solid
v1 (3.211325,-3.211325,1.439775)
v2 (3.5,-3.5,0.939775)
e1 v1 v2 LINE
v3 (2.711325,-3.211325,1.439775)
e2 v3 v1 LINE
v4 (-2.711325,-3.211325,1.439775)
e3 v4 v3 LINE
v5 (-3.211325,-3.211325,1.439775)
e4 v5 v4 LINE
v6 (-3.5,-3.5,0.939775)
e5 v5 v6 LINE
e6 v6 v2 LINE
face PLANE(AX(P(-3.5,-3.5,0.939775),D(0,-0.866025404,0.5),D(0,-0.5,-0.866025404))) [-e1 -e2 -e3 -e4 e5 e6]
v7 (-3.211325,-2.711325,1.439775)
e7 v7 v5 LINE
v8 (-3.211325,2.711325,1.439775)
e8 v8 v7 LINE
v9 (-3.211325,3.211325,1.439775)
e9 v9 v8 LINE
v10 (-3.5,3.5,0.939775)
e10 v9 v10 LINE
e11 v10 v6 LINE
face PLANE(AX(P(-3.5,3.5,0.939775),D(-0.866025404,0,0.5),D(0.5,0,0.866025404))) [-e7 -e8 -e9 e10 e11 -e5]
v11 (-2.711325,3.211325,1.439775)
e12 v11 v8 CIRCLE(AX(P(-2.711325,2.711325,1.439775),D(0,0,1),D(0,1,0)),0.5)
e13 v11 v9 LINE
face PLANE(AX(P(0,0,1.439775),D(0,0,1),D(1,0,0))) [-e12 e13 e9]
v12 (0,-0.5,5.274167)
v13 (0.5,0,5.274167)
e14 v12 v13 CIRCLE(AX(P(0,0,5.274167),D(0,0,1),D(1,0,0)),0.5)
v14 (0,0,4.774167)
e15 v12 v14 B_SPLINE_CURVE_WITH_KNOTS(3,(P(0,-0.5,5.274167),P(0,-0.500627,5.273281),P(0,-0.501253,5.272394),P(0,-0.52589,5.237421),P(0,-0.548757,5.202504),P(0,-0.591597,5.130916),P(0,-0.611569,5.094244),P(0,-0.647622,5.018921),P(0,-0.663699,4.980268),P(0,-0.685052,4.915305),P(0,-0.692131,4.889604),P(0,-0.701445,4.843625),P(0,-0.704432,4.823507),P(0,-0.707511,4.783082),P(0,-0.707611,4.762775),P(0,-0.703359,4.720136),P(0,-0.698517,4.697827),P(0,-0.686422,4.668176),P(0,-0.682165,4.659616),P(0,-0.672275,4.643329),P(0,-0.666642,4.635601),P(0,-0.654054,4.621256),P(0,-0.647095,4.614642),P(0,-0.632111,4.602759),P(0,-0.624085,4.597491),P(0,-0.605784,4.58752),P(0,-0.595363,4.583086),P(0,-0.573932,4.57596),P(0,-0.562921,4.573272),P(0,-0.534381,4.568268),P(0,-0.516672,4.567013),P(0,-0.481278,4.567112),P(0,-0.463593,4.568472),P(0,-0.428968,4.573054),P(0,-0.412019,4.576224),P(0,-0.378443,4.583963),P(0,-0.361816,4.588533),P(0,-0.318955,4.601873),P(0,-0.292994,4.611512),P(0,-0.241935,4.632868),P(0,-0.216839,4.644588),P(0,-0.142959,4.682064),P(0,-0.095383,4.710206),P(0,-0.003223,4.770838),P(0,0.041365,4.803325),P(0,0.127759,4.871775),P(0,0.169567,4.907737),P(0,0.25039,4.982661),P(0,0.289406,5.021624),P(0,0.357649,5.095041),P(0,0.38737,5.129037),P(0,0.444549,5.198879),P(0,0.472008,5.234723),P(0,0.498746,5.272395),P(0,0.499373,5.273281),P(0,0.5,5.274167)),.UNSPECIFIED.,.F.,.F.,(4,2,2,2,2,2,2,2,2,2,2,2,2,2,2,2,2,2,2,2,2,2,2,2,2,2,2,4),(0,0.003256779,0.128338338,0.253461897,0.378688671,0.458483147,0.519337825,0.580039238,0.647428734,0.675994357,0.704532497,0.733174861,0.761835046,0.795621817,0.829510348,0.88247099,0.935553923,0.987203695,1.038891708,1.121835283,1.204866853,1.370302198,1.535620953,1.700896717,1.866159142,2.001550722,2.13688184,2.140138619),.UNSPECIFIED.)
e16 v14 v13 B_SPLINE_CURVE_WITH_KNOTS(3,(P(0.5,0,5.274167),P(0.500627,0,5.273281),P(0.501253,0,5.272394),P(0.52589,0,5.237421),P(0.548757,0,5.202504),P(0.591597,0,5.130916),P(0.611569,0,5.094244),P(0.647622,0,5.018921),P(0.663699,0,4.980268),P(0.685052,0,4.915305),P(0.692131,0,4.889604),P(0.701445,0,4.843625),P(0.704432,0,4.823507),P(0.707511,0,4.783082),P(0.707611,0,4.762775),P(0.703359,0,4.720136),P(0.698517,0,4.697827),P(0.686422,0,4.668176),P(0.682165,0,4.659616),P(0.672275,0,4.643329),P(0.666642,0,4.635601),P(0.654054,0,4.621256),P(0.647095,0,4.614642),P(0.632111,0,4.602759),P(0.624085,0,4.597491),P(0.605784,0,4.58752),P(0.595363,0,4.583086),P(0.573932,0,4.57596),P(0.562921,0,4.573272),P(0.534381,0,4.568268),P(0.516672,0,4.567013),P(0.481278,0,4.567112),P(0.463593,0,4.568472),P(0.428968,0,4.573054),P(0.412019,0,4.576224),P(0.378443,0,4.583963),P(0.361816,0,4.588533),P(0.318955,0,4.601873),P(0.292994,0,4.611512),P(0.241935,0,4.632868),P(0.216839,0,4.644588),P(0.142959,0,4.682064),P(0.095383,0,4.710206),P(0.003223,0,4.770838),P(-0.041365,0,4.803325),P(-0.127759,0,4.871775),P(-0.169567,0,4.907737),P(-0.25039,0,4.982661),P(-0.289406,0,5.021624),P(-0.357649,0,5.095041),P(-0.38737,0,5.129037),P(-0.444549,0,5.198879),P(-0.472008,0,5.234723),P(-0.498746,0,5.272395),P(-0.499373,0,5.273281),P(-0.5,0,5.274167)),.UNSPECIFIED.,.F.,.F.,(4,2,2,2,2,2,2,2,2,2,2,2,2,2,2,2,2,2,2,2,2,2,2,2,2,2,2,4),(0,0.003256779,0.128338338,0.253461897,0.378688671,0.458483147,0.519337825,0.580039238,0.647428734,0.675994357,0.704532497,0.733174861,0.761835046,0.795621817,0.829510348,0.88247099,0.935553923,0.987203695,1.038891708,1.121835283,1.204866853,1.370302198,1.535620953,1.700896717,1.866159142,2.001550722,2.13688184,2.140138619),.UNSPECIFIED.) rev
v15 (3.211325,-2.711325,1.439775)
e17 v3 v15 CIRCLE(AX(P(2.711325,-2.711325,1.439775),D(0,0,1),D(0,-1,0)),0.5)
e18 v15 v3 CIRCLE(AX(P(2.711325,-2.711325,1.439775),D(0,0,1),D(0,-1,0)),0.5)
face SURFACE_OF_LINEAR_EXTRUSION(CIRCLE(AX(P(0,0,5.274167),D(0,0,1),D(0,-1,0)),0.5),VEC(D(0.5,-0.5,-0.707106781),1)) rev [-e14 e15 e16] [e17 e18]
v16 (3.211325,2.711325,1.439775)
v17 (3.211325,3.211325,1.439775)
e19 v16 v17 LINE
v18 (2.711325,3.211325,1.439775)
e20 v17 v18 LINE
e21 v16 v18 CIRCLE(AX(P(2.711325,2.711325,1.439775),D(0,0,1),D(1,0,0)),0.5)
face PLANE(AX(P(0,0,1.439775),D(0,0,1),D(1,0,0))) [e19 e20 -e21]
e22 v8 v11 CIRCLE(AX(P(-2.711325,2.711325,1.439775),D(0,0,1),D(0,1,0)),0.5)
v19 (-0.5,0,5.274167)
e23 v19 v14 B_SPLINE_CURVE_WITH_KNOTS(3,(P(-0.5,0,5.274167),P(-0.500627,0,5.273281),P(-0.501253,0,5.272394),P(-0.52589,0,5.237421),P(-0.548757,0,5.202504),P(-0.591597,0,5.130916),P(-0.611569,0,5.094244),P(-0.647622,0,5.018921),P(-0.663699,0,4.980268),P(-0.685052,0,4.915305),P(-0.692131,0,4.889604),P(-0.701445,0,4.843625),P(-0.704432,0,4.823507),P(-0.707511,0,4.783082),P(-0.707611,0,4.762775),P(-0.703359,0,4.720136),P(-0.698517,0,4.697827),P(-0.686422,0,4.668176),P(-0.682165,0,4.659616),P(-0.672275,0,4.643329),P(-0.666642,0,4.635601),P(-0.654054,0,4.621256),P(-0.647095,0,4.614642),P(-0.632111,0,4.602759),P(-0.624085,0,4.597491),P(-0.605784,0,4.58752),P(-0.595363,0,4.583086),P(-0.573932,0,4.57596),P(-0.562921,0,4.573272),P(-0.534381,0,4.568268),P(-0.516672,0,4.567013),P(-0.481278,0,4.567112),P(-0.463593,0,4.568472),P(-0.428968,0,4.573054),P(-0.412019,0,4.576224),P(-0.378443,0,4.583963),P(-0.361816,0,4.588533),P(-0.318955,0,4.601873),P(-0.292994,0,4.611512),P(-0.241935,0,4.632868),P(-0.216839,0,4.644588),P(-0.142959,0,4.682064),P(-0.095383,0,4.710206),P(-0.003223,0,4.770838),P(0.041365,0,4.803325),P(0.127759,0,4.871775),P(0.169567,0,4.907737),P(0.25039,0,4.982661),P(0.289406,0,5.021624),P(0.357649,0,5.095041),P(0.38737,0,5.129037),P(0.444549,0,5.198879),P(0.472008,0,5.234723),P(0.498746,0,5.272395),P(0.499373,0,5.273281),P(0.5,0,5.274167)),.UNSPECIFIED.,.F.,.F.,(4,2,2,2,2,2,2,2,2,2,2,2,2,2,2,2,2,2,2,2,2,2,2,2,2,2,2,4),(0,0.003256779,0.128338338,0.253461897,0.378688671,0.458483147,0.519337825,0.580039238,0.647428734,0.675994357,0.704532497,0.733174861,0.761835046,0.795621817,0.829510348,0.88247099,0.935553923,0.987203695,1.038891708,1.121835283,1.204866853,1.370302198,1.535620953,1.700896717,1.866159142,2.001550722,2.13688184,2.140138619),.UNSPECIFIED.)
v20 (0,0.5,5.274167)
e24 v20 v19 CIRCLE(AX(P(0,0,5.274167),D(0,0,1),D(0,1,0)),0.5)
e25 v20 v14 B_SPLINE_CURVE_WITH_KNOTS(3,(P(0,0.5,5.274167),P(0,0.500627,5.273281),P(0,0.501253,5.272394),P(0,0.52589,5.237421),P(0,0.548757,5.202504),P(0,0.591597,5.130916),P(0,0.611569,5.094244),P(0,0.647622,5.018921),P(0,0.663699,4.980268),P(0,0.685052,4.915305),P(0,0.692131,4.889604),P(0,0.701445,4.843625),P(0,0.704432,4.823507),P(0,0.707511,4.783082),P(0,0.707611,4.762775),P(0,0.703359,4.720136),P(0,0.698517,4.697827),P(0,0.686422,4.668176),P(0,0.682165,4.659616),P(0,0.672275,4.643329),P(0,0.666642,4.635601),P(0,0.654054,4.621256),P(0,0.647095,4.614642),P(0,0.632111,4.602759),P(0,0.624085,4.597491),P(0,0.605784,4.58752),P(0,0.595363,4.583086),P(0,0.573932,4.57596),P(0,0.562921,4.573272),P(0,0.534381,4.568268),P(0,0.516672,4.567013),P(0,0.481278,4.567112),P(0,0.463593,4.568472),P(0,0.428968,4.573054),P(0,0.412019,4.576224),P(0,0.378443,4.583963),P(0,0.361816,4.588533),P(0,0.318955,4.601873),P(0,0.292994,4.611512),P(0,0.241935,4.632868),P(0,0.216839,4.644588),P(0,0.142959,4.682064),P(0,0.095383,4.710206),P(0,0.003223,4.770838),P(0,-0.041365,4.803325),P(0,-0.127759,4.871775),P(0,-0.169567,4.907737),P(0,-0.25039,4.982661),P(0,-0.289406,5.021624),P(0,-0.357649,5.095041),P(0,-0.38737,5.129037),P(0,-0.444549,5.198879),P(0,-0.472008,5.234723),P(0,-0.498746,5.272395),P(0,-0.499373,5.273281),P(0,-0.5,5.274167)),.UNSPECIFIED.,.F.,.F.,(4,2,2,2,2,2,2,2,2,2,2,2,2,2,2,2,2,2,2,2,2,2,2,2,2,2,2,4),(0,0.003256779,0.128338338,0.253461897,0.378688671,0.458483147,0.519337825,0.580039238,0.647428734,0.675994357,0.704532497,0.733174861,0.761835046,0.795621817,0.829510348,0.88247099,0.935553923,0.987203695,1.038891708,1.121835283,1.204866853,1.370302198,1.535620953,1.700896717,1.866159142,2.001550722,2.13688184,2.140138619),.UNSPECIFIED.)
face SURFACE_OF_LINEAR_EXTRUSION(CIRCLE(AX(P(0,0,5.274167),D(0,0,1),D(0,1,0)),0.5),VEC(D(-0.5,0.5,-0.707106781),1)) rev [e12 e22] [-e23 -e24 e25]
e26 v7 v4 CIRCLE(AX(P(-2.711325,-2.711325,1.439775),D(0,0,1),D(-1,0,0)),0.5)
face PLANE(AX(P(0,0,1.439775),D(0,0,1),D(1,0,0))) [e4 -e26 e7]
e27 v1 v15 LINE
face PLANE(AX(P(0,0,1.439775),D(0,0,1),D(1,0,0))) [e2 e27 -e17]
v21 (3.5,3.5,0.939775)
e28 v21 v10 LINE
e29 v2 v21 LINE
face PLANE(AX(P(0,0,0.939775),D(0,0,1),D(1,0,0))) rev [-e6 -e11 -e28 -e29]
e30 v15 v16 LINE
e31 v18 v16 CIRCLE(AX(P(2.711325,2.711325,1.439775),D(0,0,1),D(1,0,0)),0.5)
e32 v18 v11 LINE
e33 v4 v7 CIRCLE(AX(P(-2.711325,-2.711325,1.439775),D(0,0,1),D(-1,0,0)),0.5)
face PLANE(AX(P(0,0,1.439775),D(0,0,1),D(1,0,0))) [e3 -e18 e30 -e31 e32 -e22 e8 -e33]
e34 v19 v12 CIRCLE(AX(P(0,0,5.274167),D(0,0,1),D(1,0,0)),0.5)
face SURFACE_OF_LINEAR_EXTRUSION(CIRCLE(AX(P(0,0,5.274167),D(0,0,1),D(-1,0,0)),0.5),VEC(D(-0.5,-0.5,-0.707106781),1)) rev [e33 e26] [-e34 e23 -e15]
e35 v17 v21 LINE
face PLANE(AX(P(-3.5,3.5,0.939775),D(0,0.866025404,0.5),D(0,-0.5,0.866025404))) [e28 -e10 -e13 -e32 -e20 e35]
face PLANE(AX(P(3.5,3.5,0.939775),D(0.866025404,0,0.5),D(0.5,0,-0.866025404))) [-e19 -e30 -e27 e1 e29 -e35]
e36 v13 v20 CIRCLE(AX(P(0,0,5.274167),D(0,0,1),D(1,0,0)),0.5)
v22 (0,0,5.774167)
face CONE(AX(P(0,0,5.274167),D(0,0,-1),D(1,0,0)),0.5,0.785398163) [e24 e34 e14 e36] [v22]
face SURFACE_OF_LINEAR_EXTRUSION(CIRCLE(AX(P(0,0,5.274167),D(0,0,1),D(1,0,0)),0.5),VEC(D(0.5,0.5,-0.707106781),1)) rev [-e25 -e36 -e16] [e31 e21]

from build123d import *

# Parameters (mm, degrees)
SKETCH1_W           = 14
SKETCH1_H           = 14
BOSS_EXTRUDE1_DEPTH = 1
BOSS_EXTRUDE1_TAPER = 30
SKETCH2_R           = 1
CIRPATTERN1_COUNT   = 4
SKETCH4_R           = 1
BOSS_EXTRUDE2_DEPTH = 10
BOSS_EXTRUDE2_TAPER = 45
SCALE1_SCALE        = 0.5


with BuildPart() as part:
    # Sketch1 → Boss-Extrude1 (new body)
    with BuildSketch(Plane.XY):
        Rectangle(SKETCH1_W, SKETCH1_H)
    extrude(amount=BOSS_EXTRUDE1_DEPTH, taper=BOSS_EXTRUDE1_TAPER)

    # Sweep1: sweep along a path in Sketch3
    with BuildLine(Plane(origin=(0, 0, 0), x_dir=(0, 0, -1), z_dir=(0.707106781, -0.707106781, 0))) as sweep1_path:
        Line((-1, 7.668784793), (-8.668784793, 0))
    # Sketch2 → Sweep1 (sweep)
    with BuildSketch(Plane.XY.offset(1)):
        with Locations((5.422649731, 5.422649731)):
            Circle(SKETCH2_R)
    sweep1 = sweep(path=sweep1_path.line)

    # CirPattern1: Sweep1 ×4 about axis
    cirpattern1_axis = Axis((0, 0, -4.23184126), (0, 0, 1))
    for i in range(1, CIRPATTERN1_COUNT):
        add(sweep1.rotate(cirpattern1_axis, i * 360 / CIRPATTERN1_COUNT))

    # Sketch4 → Boss-Extrude2 (add)
    with BuildSketch(Plane.XY.offset(8.668784793)):
        Circle(SKETCH4_R)
    extrude(amount=BOSS_EXTRUDE2_DEPTH, taper=BOSS_EXTRUDE2_TAPER)


with BuildPart() as part_1:
    # Scale1: scaled about (-3.3e-08, 4.07e-07, 1.879504051)
    add(part.part.scale(SCALE1_SCALE).moved(Location((-1.6e-08, 2.03e-07, 0.939752026))))


solid = part_1.part
